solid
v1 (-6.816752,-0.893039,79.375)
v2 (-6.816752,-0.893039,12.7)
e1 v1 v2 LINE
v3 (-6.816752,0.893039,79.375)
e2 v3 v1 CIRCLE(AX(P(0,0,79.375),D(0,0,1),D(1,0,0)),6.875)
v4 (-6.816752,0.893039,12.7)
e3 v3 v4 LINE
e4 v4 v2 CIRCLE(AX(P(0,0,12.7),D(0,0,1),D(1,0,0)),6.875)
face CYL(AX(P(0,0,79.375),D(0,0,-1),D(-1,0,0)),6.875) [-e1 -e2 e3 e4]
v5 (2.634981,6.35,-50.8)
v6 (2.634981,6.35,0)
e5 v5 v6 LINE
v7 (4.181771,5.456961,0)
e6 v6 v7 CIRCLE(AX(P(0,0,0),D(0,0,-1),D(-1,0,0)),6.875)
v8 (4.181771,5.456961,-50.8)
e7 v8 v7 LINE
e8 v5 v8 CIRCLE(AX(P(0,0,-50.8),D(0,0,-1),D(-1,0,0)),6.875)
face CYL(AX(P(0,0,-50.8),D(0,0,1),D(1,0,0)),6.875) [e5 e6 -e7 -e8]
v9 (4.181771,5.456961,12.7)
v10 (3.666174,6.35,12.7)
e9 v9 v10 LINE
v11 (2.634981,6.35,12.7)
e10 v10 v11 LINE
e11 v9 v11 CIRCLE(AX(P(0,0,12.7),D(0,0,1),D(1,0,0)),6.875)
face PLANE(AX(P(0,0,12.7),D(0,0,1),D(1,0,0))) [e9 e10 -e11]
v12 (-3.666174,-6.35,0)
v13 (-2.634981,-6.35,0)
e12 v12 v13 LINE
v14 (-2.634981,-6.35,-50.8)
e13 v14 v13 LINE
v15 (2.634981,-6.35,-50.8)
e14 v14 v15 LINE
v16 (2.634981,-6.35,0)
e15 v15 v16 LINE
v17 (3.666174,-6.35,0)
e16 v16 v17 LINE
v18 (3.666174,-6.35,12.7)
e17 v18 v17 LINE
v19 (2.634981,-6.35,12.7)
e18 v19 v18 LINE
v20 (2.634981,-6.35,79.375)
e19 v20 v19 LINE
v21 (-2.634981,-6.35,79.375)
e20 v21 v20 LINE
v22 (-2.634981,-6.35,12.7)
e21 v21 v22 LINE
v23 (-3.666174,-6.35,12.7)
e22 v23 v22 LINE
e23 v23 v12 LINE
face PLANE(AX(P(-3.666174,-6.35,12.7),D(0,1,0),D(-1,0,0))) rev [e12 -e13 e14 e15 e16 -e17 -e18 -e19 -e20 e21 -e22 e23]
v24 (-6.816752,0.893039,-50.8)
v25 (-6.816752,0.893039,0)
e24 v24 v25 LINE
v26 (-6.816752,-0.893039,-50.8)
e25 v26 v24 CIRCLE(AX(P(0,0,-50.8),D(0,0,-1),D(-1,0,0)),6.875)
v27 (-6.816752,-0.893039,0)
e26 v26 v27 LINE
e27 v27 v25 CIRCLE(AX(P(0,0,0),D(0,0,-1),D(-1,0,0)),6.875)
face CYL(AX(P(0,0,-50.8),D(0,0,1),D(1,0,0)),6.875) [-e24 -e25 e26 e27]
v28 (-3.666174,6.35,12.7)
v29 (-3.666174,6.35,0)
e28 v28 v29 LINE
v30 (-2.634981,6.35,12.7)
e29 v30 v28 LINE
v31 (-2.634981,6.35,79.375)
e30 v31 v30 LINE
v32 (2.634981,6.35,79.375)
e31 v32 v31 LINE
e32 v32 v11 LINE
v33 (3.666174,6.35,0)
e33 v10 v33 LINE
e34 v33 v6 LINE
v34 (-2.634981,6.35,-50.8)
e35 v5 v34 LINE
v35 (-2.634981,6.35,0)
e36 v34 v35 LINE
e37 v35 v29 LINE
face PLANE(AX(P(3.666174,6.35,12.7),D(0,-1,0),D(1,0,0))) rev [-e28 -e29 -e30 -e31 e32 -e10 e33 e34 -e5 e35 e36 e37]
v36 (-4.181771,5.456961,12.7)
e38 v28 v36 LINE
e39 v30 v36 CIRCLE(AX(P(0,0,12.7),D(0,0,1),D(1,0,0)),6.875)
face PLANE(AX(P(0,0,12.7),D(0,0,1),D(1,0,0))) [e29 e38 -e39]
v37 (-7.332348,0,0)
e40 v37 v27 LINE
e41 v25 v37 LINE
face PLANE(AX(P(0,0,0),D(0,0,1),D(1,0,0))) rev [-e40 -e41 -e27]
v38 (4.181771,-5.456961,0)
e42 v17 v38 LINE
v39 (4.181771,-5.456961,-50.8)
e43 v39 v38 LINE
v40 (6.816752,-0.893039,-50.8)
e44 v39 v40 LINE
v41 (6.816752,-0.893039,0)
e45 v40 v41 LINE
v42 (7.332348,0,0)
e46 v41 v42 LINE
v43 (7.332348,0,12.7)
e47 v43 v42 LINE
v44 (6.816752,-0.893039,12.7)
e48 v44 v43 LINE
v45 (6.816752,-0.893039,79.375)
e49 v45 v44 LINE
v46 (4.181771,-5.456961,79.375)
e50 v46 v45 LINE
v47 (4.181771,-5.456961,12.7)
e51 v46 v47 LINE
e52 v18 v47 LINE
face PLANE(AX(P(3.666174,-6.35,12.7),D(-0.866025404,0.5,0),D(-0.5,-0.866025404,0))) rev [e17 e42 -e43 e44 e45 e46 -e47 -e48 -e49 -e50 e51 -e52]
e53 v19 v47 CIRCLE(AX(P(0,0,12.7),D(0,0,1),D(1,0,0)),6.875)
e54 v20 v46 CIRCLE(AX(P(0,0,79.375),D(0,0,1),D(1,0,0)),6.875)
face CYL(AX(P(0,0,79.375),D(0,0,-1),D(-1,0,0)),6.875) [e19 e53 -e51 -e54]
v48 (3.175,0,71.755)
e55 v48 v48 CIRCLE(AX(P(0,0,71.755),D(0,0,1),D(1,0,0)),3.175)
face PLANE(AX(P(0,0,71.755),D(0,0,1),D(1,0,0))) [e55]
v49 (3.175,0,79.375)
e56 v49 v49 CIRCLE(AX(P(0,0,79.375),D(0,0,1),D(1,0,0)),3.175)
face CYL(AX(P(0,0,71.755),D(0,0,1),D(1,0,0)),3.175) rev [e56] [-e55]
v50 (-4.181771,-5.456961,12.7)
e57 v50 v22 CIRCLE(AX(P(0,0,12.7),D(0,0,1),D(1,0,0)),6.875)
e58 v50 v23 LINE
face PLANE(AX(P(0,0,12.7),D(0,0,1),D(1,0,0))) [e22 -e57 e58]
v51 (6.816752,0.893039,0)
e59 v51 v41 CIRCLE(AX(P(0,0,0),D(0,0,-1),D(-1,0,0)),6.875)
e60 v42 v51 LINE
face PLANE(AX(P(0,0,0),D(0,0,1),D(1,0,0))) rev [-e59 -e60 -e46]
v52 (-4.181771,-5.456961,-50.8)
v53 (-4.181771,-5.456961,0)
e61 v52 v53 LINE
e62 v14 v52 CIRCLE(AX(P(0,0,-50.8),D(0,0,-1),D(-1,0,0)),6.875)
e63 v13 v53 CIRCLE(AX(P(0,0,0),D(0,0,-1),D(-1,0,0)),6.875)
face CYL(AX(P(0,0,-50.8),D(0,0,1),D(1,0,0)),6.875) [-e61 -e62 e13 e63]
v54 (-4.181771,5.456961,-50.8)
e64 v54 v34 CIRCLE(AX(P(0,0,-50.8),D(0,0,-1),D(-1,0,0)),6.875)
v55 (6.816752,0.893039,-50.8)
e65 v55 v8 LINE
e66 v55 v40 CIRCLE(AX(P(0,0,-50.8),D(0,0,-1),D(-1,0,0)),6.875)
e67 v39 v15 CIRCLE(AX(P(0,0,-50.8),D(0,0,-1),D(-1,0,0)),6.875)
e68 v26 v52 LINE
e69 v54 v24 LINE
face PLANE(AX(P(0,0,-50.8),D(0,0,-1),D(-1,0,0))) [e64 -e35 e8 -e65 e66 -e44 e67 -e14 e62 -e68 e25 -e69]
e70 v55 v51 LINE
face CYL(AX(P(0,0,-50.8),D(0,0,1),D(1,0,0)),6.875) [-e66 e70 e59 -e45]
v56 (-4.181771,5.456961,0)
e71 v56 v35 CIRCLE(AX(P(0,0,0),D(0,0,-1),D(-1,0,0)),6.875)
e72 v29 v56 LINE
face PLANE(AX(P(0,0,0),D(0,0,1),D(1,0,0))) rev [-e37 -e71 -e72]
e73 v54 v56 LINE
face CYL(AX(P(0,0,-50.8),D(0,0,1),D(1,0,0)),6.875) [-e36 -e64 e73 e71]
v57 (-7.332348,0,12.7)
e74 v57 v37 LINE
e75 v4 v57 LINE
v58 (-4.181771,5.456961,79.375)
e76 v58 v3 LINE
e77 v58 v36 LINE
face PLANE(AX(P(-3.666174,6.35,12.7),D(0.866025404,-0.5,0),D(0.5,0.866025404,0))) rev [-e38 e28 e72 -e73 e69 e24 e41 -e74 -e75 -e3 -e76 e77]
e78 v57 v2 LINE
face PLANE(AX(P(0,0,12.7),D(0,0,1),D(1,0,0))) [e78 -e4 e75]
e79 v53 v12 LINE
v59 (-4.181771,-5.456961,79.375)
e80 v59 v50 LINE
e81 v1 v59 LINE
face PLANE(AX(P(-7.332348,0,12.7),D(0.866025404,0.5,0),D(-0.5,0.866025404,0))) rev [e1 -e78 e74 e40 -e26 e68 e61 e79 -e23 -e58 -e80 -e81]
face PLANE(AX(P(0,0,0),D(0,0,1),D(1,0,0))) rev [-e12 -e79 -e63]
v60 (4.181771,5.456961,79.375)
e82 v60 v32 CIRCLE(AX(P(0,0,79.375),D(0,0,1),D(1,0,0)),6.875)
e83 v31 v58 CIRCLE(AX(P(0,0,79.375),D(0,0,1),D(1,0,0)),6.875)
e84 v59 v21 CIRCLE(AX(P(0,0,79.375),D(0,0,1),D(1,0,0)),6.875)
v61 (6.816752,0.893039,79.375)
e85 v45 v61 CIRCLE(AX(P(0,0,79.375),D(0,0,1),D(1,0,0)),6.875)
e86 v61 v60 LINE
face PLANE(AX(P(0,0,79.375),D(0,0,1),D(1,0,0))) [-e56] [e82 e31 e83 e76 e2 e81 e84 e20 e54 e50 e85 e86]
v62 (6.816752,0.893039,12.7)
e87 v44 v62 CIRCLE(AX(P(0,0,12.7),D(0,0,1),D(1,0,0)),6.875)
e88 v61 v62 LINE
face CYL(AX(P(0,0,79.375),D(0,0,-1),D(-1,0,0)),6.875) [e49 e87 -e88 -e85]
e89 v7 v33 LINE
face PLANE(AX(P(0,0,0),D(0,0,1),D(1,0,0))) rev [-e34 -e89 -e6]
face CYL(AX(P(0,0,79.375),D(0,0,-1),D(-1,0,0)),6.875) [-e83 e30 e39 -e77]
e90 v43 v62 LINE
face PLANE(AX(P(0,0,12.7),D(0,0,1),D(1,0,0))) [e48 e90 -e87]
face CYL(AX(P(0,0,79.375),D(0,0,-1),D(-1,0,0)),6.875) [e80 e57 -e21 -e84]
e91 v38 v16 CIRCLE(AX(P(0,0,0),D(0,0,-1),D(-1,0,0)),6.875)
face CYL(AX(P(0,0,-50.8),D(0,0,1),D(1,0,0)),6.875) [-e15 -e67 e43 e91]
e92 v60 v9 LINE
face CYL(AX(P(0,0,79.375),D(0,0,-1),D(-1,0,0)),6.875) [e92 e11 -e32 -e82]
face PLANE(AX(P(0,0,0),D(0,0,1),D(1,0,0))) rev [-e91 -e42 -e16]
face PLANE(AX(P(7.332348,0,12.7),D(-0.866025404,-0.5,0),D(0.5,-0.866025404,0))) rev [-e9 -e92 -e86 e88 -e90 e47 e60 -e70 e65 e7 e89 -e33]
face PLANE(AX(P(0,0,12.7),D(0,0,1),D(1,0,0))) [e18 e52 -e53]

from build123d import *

# Parameters (mm, degrees)
BOSS_EXTRUDE1_DEPTH = 12.7
BOSS_EXTRUDE2_DEPTH = 66.675
BOSS_EXTRUDE3_DEPTH = 50.8
SKETCH5_R           = 3.175
CUT_EXTRUDE1_DEPTH  = 7.62


with BuildPart() as part:
    # Sketch1 → Boss-Extrude1 (new body)
    with BuildSketch(Plane.XY):
        Polygon((3.666174209, -6.35), (7.332348419, 0), (3.666174209, 6.35), (-3.666174209, 6.35), (-7.332348419, 0), (-3.666174209, -6.35), align=None)
    extrude(amount=BOSS_EXTRUDE1_DEPTH)

    # Sketch2 → Boss-Extrude2 (add)
    with BuildSketch(Plane.XY.offset(12.7)):
        with BuildLine():
            Line((-6.816751826, -0.893039494), (-4.181770802, -5.456960506))
            ThreePointArc((-4.181770802, -5.456960506), (-3.4375, -5.953924651), (-2.634981025, -6.35))
            Line((-2.634981025, -6.35), (2.634981025, -6.35))
            ThreePointArc((2.634981025, -6.35), (3.4375, -5.953924651), (4.181770802, -5.456960506))
            Line((4.181770802, -5.456960506), (6.816751826, -0.893039494))
            ThreePointArc((6.816751826, -0.893039494), (6.875, 0), (6.816751826, 0.893039494))
            Line((6.816751826, 0.893039494), (4.181770802, 5.456960506))
            ThreePointArc((4.181770802, 5.456960506), (3.4375, 5.953924651), (2.634981025, 6.35))
            Line((2.634981025, 6.35), (-2.634981025, 6.35))
            ThreePointArc((-2.634981025, 6.35), (-3.4375, 5.953924651), (-4.181770802, 5.456960506))
            Line((-4.181770802, 5.456960506), (-6.816751826, 0.893039494))
            ThreePointArc((-6.816751826, 0.893039494), (-6.875, 0), (-6.816751826, -0.893039494))
        make_face()
    extrude(amount=BOSS_EXTRUDE2_DEPTH)

    # Sketch3 → Boss-Extrude3 (add)
    with BuildSketch(Plane(origin=(0, 0, 0), x_dir=(-1, 0, 0), z_dir=(0, 0, -1))):
        with BuildLine():
            Line((-4.181770802, -5.456960506), (-6.816751826, -0.893039494))
            ThreePointArc((-6.816751826, -0.893039494), (-6.875, 0), (-6.816751826, 0.893039494))
            Line((-6.816751826, 0.893039494), (-4.181770802, 5.456960506))
            ThreePointArc((-4.181770802, 5.456960506), (-3.4375, 5.953924651), (-2.634981025, 6.35))
            Line((-2.634981025, 6.35), (2.634981025, 6.35))
            ThreePointArc((2.634981025, 6.35), (3.4375, 5.953924651), (4.181770802, 5.456960506))
            Line((4.181770802, 5.456960506), (6.816751826, 0.893039494))
            ThreePointArc((6.816751826, 0.893039494), (6.875, 0), (6.816751826, -0.893039494))
            Line((6.816751826, -0.893039494), (4.181770802, -5.456960506))
            ThreePointArc((4.181770802, -5.456960506), (3.4375, -5.953924651), (2.634981025, -6.35))
            Line((2.634981025, -6.35), (-2.634981025, -6.35))
            ThreePointArc((-2.634981025, -6.35), (-3.4375, -5.953924651), (-4.181770802, -5.456960506))
        make_face()
    extrude(amount=BOSS_EXTRUDE3_DEPTH)

    # Sketch5 → Cut-Extrude1 (cut)
    with BuildSketch(Plane.XY.offset(79.375)):
        Circle(SKETCH5_R)
    extrude(amount=-CUT_EXTRUDE1_DEPTH, mode=Mode.SUBTRACT)


solid = part.part
